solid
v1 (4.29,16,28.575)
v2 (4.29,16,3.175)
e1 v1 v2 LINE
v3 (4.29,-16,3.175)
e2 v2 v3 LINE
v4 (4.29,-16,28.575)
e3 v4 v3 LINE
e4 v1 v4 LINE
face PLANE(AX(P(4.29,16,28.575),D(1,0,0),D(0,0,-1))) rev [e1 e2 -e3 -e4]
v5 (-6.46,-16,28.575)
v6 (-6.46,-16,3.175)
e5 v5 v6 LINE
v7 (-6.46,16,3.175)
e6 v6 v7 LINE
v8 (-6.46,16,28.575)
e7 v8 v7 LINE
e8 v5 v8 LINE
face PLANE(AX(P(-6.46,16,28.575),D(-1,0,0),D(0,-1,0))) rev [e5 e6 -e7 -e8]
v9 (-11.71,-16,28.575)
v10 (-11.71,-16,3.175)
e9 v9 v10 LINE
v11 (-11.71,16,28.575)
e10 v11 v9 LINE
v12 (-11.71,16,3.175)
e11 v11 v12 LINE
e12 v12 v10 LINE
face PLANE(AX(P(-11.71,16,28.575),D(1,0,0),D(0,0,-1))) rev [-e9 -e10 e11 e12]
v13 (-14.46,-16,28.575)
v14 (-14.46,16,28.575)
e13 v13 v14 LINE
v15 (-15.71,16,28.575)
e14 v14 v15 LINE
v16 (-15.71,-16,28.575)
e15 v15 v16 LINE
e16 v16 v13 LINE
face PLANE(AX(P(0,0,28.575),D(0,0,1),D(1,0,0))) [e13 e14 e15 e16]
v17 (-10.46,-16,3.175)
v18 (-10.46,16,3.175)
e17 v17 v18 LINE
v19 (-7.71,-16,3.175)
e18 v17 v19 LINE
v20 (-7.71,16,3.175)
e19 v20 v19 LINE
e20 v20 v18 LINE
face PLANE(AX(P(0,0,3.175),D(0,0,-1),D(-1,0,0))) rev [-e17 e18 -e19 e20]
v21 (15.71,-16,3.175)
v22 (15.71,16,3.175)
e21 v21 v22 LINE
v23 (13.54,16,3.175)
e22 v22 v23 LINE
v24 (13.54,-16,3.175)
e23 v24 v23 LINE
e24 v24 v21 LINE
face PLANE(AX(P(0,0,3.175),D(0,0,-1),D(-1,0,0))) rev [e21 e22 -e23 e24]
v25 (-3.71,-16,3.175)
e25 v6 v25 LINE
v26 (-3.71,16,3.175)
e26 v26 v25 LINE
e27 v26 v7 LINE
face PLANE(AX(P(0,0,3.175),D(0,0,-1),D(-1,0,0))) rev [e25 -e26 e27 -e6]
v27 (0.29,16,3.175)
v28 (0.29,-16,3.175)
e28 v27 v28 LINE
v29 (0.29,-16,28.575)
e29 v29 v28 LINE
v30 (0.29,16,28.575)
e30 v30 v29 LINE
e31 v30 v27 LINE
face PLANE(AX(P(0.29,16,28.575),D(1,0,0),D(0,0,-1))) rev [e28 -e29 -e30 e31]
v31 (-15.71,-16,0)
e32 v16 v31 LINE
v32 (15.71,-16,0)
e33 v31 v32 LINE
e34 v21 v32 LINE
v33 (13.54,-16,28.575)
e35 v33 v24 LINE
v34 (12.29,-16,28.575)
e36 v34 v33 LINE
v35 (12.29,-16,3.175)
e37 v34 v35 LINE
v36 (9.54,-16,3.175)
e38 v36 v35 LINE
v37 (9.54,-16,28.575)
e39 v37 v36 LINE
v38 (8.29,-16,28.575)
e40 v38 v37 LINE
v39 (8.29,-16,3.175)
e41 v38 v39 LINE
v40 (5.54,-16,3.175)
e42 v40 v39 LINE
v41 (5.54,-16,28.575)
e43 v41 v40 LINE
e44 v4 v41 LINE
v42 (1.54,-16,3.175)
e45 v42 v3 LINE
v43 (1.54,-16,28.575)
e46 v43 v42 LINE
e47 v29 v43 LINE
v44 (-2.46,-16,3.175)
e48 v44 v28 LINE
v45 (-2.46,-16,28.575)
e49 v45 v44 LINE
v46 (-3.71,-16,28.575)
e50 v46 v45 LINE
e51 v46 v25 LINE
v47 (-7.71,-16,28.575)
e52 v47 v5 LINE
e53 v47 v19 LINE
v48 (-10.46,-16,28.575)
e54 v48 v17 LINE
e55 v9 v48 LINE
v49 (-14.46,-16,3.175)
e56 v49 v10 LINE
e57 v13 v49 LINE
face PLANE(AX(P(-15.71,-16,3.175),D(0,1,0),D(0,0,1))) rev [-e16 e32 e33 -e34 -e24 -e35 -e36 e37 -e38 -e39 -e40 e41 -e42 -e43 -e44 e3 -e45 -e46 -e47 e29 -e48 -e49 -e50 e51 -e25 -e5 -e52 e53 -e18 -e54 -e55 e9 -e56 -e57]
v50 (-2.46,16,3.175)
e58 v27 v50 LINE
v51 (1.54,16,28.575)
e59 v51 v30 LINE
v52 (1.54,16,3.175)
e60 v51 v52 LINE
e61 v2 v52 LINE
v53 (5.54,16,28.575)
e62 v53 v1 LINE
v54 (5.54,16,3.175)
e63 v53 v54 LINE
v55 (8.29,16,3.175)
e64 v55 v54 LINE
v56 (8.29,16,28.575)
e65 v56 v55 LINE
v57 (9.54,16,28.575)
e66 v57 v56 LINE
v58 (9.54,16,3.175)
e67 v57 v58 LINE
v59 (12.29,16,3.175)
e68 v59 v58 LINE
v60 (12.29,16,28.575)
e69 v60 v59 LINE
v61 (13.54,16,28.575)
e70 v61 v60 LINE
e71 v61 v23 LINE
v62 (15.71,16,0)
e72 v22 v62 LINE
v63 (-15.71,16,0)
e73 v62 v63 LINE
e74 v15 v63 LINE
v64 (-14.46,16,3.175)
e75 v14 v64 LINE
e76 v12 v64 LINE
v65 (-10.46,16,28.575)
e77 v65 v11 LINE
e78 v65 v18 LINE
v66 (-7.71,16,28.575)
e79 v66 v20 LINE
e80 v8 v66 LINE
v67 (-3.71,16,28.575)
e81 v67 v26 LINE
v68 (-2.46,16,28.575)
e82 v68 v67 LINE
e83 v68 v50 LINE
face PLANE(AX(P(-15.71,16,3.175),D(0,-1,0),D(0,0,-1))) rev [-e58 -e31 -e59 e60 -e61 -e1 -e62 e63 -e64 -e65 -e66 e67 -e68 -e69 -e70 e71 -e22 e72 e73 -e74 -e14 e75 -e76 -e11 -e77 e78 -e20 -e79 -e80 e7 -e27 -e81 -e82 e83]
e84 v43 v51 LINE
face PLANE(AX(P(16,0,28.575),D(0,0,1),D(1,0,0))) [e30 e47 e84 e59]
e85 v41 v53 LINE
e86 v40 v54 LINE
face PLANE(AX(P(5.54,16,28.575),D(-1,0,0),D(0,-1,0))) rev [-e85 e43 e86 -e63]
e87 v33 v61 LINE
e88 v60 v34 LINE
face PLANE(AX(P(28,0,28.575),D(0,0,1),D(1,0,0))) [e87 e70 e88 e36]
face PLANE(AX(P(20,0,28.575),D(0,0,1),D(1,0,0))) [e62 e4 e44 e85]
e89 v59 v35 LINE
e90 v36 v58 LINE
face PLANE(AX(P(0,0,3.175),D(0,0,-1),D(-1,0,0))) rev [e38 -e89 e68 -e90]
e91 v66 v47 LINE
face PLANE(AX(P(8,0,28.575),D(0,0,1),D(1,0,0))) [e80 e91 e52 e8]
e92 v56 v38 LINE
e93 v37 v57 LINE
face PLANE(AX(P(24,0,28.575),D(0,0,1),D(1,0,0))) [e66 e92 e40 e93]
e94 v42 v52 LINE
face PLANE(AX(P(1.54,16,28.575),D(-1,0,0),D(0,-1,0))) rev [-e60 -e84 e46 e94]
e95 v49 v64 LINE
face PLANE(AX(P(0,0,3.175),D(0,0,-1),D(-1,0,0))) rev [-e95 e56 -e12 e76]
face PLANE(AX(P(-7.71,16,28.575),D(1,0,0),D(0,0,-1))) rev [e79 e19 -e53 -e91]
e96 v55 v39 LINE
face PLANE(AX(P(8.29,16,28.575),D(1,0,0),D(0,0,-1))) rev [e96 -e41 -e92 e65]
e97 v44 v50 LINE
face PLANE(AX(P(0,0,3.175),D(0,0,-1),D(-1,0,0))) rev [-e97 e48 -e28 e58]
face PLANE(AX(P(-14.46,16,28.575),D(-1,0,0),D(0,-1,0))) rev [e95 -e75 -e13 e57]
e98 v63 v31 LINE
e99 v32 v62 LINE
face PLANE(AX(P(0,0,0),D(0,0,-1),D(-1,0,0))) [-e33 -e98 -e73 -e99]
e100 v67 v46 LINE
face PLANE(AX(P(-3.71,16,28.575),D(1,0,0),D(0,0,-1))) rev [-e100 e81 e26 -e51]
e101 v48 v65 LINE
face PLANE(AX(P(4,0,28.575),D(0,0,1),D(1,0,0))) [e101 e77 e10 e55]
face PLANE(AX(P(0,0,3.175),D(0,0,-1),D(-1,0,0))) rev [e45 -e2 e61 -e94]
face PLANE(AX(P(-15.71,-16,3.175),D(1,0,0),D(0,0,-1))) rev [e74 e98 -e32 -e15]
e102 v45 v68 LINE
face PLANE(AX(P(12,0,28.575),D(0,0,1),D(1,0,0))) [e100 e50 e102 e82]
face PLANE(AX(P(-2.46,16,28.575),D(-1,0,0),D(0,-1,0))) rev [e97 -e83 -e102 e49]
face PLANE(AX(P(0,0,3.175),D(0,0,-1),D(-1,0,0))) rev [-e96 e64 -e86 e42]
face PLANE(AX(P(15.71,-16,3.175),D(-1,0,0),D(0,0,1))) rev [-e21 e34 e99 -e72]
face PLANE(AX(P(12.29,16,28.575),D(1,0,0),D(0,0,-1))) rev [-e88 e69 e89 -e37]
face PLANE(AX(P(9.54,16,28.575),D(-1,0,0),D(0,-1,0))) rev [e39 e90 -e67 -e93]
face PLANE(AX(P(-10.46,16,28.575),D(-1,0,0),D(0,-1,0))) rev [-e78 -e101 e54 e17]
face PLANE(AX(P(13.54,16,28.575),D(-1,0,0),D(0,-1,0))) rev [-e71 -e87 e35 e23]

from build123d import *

# Parameters (mm, degrees)
SKETCH1_W           = 31.42
SKETCH1_H           = 32
BOSS_EXTRUDE1_DEPTH = 3.175
SKETCH2_W           = 1.25
SKETCH2_H           = 32
BOSS_EXTRUDE2_DEPTH = 25.4
LPATTERN1_COUNT     = 8
LPATTERN1_PITCH     = 4


with BuildPart() as part:
    # Sketch1 → Boss-Extrude1 (new body)
    with BuildSketch(Plane.XY):
        Rectangle(SKETCH1_W, SKETCH1_H)
    extrude(amount=BOSS_EXTRUDE1_DEPTH)

    # Sketch2 → Boss-Extrude2 (add)
    with BuildSketch(Plane.XY.offset(3.175)):
        with Locations((-15.085, 0)):
            Rectangle(SKETCH2_W, SKETCH2_H)
    boss_extrude2 = extrude(amount=BOSS_EXTRUDE2_DEPTH)

    # LPattern1: Boss-Extrude2 ×8
    with Locations(*[(i * LPATTERN1_PITCH, 0, 0) for i in range(1, LPATTERN1_COUNT)]):
        add(boss_extrude2)


solid = part.part
